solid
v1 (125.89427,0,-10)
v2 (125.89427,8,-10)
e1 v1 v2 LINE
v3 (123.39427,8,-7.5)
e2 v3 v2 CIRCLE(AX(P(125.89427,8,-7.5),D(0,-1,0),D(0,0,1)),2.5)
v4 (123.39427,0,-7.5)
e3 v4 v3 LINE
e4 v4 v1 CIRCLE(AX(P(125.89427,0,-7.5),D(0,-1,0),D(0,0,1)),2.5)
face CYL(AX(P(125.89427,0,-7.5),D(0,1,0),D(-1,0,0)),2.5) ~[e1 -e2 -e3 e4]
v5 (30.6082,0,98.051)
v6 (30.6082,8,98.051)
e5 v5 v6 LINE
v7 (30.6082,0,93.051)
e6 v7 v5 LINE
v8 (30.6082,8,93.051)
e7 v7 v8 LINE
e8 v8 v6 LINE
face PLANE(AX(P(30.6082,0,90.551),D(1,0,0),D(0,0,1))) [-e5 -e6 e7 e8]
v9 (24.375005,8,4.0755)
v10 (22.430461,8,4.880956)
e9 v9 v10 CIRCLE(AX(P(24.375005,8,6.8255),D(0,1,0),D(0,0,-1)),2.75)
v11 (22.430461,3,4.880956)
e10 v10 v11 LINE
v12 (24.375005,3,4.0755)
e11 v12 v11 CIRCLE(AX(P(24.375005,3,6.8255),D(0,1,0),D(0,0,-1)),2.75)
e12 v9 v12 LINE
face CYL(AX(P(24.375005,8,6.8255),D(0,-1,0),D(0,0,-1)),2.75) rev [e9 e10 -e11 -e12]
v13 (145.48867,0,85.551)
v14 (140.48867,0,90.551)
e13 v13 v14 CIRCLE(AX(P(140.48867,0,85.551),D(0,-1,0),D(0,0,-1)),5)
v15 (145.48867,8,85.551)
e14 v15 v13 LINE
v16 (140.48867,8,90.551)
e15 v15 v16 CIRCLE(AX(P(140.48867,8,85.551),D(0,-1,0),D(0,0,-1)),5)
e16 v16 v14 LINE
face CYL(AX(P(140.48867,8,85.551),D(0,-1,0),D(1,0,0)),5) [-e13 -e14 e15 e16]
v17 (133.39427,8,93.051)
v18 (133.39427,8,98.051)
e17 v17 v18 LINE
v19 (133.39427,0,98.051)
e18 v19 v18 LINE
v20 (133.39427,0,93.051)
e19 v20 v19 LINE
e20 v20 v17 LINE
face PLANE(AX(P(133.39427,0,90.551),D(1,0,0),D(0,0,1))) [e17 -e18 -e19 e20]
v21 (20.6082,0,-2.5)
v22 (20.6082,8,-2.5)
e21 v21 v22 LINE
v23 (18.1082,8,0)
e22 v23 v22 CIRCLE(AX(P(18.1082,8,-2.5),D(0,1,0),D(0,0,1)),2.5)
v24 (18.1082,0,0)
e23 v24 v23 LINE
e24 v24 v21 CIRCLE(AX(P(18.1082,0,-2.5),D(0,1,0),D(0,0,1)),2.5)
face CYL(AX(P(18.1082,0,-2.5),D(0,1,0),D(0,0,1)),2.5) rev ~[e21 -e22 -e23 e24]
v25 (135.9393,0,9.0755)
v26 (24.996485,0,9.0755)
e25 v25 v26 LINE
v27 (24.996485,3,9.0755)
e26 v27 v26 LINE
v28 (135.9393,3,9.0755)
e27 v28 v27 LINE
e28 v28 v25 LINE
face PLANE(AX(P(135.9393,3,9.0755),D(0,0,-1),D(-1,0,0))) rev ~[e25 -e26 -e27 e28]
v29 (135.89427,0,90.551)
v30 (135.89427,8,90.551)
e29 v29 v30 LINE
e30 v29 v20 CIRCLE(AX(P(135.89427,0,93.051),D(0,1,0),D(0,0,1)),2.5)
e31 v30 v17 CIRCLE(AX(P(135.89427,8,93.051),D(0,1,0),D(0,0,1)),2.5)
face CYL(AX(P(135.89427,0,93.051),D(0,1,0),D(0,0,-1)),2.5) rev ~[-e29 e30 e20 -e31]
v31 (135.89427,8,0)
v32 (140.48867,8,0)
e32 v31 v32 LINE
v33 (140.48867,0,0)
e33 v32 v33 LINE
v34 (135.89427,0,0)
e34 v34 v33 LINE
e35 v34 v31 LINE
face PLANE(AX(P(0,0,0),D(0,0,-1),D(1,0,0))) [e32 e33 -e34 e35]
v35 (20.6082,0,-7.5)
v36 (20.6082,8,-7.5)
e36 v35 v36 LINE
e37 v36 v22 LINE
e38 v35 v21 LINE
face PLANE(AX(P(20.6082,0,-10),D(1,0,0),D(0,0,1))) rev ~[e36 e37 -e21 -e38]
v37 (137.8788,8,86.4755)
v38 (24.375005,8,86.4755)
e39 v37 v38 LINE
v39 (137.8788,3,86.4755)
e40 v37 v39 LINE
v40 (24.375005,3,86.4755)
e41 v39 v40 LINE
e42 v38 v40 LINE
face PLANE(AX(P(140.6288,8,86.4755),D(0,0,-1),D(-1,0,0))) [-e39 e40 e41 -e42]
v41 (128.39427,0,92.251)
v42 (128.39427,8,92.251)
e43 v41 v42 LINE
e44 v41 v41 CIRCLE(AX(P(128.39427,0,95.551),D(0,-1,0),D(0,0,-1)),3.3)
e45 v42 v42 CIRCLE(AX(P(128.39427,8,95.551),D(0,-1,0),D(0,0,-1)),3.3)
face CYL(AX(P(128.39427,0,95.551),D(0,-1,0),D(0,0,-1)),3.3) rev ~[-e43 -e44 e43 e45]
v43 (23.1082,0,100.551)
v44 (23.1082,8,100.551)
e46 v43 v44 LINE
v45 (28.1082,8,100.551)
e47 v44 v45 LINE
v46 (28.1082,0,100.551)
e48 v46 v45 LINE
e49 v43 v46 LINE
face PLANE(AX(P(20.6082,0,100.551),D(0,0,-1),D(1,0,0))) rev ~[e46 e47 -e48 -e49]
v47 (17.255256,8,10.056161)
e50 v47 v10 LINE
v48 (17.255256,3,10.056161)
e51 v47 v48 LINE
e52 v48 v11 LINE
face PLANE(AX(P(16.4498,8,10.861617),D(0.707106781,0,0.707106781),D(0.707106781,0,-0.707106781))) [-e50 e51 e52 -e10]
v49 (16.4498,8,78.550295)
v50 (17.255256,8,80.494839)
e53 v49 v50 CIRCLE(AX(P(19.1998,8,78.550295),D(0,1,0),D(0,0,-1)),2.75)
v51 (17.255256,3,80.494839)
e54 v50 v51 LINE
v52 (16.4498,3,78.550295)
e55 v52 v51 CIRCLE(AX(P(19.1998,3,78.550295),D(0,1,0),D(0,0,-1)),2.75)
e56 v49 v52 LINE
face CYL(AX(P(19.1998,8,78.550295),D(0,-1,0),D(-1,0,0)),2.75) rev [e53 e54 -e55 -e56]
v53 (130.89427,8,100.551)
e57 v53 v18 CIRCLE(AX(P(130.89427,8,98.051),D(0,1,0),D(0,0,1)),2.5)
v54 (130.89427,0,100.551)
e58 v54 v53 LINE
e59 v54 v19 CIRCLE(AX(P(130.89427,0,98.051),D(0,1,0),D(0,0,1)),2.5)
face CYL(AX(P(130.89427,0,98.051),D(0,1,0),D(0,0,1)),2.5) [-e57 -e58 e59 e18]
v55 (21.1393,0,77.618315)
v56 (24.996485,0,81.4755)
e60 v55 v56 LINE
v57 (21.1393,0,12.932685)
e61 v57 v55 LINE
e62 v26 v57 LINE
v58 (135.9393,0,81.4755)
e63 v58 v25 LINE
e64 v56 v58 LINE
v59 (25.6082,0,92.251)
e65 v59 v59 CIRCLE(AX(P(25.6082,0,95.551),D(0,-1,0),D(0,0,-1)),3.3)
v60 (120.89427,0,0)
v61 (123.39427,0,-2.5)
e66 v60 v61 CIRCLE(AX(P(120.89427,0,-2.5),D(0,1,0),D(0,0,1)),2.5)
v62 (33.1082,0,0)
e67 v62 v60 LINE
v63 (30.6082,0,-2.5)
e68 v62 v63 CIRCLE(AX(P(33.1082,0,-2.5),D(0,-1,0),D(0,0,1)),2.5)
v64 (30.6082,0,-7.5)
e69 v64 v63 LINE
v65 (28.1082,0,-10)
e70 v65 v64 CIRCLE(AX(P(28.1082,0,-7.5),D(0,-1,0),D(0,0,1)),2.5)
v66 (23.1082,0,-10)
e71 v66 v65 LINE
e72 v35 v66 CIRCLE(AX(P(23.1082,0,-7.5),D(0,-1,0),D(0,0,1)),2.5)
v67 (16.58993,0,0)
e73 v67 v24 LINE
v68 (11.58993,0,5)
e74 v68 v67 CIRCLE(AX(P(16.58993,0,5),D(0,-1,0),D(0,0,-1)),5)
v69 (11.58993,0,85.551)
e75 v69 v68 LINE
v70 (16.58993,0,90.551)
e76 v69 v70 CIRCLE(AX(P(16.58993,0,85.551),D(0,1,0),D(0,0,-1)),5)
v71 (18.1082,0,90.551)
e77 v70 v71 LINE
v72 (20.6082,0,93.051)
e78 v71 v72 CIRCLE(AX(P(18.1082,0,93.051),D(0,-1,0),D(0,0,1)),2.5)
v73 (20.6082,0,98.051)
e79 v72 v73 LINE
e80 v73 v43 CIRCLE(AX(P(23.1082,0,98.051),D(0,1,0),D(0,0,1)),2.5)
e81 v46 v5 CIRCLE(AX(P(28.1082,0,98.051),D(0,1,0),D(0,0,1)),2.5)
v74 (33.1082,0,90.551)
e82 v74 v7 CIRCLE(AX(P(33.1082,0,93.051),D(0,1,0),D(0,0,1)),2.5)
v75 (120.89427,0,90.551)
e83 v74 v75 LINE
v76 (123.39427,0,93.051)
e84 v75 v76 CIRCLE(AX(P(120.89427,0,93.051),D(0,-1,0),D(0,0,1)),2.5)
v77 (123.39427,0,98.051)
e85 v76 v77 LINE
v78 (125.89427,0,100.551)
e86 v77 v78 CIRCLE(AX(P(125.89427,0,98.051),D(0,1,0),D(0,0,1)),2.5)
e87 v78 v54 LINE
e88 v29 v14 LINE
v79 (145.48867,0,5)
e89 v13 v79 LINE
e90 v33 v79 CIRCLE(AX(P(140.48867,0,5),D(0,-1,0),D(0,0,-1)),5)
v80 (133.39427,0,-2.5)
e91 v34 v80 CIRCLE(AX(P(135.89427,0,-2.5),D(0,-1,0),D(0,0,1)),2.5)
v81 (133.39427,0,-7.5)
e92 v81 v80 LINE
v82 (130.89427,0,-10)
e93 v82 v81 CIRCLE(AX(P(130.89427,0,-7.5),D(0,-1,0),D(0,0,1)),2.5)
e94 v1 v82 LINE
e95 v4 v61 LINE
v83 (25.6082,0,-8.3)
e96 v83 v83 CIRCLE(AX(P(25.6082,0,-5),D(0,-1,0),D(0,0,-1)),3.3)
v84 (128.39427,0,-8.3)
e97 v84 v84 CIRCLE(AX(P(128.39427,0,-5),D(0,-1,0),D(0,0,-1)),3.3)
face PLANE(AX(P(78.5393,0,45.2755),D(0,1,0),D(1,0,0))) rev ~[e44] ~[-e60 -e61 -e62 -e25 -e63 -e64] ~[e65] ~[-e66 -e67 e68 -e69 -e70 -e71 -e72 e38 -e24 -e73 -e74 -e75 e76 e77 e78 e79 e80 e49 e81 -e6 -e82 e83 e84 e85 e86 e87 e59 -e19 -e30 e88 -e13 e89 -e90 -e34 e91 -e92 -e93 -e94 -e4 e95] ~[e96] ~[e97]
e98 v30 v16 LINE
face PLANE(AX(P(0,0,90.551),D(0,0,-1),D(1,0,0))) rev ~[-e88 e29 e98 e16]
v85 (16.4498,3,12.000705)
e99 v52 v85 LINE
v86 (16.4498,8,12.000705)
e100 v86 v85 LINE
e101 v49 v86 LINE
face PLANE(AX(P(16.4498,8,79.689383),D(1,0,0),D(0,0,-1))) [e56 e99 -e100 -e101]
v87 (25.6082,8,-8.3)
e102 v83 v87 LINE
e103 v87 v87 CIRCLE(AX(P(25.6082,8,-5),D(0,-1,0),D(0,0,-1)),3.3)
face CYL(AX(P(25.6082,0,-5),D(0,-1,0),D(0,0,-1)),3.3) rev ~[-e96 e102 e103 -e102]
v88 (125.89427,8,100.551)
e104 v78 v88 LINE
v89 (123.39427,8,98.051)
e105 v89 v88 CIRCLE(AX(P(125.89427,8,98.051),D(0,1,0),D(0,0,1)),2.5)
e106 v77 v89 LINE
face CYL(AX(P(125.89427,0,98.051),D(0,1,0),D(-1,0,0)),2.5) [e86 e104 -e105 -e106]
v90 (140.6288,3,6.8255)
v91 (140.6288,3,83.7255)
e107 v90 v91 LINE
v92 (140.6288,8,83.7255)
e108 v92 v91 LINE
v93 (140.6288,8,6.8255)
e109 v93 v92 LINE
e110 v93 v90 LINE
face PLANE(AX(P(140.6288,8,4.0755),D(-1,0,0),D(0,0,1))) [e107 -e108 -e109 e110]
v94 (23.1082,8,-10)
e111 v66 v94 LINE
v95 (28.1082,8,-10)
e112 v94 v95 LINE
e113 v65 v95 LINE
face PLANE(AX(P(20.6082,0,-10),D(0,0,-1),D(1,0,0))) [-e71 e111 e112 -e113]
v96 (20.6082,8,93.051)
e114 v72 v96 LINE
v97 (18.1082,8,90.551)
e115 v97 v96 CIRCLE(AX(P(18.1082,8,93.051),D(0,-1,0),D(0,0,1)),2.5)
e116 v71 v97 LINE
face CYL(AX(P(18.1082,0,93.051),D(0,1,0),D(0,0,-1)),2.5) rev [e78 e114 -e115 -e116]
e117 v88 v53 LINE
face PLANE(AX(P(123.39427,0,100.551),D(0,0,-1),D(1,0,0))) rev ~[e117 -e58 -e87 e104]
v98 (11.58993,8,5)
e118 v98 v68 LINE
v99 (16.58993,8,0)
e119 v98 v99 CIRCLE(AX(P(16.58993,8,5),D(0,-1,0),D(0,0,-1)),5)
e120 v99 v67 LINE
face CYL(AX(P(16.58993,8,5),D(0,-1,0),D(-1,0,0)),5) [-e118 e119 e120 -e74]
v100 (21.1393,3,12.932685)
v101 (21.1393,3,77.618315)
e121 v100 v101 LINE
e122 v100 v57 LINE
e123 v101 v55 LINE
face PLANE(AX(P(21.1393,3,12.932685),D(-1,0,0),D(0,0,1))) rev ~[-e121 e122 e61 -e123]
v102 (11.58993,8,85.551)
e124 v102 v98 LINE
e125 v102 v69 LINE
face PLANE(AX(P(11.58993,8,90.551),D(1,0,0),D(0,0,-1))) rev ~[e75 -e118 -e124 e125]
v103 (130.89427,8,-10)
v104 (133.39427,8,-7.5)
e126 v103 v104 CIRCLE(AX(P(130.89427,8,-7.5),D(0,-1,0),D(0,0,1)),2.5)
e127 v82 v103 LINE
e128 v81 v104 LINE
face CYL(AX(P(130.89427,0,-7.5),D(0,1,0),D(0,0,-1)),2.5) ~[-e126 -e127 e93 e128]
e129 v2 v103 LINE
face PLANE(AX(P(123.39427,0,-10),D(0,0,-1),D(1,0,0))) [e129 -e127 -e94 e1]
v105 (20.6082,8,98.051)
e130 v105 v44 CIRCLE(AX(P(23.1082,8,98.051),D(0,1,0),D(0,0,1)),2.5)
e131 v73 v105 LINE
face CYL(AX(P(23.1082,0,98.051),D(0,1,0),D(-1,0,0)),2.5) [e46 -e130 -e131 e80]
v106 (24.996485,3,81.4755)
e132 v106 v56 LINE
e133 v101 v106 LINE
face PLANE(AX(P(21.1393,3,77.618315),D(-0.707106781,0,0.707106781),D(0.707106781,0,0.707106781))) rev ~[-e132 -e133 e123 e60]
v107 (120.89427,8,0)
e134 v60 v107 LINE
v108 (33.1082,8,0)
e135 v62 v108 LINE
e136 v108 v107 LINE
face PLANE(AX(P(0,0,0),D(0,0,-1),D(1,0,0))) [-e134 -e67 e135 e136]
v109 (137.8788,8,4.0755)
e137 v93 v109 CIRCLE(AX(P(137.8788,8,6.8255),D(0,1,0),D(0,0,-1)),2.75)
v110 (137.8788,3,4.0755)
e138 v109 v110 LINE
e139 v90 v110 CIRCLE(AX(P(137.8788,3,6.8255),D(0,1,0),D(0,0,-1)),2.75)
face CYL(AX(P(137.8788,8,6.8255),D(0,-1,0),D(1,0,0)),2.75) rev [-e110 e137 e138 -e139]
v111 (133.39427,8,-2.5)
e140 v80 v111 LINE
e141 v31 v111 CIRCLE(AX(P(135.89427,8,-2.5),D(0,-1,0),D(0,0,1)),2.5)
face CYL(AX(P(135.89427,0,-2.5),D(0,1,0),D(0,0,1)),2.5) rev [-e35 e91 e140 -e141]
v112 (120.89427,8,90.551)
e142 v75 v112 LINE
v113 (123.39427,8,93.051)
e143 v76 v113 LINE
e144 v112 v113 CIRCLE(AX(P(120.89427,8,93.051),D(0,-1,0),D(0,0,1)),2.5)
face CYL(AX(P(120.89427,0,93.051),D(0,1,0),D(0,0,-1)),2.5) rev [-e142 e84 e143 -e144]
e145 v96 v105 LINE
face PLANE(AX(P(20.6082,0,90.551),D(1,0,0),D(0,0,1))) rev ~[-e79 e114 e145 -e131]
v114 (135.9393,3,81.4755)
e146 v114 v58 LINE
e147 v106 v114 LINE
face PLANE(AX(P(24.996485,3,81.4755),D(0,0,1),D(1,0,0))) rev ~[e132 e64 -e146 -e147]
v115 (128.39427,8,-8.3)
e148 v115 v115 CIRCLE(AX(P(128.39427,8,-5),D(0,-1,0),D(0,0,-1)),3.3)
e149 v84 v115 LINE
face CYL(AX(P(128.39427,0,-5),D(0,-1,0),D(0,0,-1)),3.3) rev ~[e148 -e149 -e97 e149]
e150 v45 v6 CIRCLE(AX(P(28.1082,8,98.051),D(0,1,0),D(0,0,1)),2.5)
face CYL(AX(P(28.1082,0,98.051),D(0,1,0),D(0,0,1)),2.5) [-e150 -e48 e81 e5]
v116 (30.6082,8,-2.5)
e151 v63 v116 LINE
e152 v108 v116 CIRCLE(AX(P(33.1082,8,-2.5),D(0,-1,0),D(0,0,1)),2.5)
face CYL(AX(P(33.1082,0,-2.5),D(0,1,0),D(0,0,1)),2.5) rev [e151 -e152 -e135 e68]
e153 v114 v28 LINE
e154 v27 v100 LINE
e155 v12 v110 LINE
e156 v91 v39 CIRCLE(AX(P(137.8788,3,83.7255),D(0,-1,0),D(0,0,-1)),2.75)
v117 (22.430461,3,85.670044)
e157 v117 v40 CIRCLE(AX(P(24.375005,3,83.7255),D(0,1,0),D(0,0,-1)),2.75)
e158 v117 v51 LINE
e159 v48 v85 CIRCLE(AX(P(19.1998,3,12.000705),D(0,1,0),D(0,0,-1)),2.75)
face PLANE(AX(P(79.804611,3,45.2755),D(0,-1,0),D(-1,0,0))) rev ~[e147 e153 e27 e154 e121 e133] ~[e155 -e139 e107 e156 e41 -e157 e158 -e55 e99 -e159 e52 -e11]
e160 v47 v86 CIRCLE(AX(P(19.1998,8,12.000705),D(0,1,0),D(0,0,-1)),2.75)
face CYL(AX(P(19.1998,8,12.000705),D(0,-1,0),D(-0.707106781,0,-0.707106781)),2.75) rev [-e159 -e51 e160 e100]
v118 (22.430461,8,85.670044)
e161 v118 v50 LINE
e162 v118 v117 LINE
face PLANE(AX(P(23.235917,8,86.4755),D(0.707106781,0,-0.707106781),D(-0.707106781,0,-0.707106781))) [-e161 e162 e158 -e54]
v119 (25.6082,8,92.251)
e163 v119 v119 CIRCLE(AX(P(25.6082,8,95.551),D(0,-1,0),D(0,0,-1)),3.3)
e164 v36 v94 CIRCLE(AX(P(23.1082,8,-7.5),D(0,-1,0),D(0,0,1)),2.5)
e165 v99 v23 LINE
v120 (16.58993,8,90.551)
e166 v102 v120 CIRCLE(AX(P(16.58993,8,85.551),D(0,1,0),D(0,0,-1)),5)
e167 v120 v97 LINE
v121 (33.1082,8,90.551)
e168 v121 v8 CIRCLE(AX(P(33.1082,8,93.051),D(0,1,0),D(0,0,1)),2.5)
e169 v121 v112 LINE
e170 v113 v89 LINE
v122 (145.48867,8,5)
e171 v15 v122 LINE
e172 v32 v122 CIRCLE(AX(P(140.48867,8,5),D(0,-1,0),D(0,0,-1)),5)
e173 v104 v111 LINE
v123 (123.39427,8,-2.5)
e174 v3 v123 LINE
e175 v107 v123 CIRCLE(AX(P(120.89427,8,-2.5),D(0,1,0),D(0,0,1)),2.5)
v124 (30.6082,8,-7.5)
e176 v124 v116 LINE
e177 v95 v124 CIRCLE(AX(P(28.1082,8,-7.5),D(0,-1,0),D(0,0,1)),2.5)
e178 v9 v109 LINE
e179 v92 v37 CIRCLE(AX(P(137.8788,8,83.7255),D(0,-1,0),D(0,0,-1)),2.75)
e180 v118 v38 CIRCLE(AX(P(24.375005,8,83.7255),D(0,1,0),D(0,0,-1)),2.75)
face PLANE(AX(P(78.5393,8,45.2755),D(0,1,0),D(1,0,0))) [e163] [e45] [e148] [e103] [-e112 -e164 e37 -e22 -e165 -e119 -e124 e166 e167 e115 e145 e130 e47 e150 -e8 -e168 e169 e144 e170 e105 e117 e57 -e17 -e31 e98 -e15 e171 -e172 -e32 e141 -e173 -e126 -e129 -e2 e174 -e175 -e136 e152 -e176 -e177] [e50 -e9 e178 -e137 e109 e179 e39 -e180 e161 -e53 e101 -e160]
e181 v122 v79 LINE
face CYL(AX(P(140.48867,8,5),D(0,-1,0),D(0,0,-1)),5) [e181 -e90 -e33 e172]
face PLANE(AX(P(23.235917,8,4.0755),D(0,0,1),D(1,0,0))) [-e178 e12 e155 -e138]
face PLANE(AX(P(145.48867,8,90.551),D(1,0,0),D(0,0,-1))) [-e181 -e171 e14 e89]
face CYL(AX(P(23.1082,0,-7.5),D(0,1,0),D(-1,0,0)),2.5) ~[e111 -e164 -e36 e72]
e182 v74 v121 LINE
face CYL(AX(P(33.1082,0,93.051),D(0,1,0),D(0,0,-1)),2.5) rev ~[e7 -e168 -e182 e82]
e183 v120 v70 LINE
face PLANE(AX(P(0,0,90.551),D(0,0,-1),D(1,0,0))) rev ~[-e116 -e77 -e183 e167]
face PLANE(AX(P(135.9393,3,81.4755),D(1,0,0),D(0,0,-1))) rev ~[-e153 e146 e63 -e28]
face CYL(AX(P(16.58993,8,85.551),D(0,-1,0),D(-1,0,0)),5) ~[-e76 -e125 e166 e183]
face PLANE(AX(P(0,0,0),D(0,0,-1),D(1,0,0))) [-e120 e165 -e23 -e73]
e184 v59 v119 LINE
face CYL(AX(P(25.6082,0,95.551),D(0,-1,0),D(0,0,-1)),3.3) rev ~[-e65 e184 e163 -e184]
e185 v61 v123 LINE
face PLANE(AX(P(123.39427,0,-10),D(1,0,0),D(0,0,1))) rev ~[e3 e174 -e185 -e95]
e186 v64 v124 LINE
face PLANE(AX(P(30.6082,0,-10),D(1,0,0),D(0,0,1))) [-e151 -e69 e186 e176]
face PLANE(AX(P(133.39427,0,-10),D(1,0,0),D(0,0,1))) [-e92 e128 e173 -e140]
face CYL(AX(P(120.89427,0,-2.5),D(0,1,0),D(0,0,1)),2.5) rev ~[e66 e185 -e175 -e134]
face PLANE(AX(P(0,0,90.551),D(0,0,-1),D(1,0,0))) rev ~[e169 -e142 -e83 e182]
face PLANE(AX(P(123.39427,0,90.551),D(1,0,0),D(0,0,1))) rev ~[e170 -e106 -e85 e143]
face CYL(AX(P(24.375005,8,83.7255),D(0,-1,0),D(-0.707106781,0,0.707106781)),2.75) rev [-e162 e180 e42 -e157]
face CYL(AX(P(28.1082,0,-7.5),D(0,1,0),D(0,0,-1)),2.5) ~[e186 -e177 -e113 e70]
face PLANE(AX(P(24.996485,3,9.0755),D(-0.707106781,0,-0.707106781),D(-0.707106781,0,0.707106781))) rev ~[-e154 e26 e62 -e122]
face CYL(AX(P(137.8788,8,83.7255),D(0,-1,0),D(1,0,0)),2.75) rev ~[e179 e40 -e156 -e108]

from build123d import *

# Parameters (mm, degrees)
SKETCH1_W            = 157.0786
SKETCH1_H            = 90.551
BOSS_EXTRUDE1_DEPTH  = 8
CUT_EXTRUDE21_DEPTH  = 5
FILLET8_R            = 2.75
SKETCH29_W           = 11.58993
SKETCH29_H           = 90.551
CUT_EXTRUDE25_DEPTH  = 182.486005463
FILLET9_R            = 5
SKETCH36_W           = 10
SKETCH36_H           = 10
SKETCH36_R           = 3.3
BOSS_EXTRUDE10_DEPTH = 8
FILLET10_R           = 2.5
CUT_EXTRUDE26_DEPTH  = 3


with BuildPart() as part:
    # Sketch1 → Boss-Extrude1 (new body)
    with BuildSketch(Plane(origin=(0, 0, 0), x_dir=(1, 0, 0), z_dir=(0, 1, 0))):
        with Locations((78.5393, -45.2755)):
            Rectangle(SKETCH1_W, SKETCH1_H)
    extrude(amount=BOSS_EXTRUDE1_DEPTH)

    # Sketch23 → Cut-Extrude21 (cut)
    with BuildSketch(Plane(origin=(0, 8, 0), x_dir=(1, 0, 0), z_dir=(0, 1, 0))):
        Polygon((140.6288, -86.4755), (23.2359173, -86.4755), (16.4498, -79.6893827), (16.4498, -10.8616173), (23.2359173, -4.0755), (140.6288, -4.0755), align=None)
    extrude(amount=-CUT_EXTRUDE21_DEPTH, mode=Mode.SUBTRACT)

    # Fillet8
    fillet8_edges = [part.edges().sort_by_distance(p)[0] for p in [
        (140.6288, 5.5, 4.0755),
        (140.6288, 5.5, 86.4755),
        (23.2359173, 5.5, 86.4755),
        (16.4498, 5.5, 79.6893827),
        (16.4498, 5.5, 10.8616173),
        (23.2359173, 5.5, 4.0755),
    ]]
    fillet(fillet8_edges, radius=FILLET8_R)

    # Sketch29 → Cut-Extrude25 (cut, through all)
    with BuildSketch(Plane(origin=(0, 8, 0), x_dir=(1, 0, 0), z_dir=(0, 1, 0))):
        with Locations((151.283635, -45.2755)):
            Rectangle(SKETCH29_W, SKETCH29_H)
        with Locations((5.794965, -45.2755)):
            Rectangle(SKETCH29_W, SKETCH29_H)
    extrude(amount=-CUT_EXTRUDE25_DEPTH, mode=Mode.SUBTRACT)

    # Fillet9
    fillet9_edges = [part.edges().sort_by_distance(p)[0] for p in [
        (145.48867, 4, 90.551),
        (145.48867, 4, 0),
        (11.58993, 4, 0),
        (11.58993, 4, 90.551),
    ]]
    fillet(fillet9_edges, radius=FILLET9_R)

    # Sketch36 → Boss-Extrude10 (add)
    # profile 1 of 4: a face of its own
    with BuildSketch(Plane.XZ):
        with Locations((25.6082, 95.551)):
            Rectangle(SKETCH36_W, SKETCH36_H)
        with Locations(Location((25.6082, 95.551, 0), (0, 0, 270))):
            Circle(SKETCH36_R, mode=Mode.SUBTRACT)
    # profile 2 of 4: a face of its own
    with BuildSketch(Plane.XZ):
        with Locations((128.3942697, 95.551)):
            Rectangle(SKETCH36_W, SKETCH36_H)
        with Locations(Location((128.3942697, 95.551, 0), (0, 0, 270))):
            Circle(SKETCH36_R, mode=Mode.SUBTRACT)
    # profile 3 of 4: a face of its own
    with BuildSketch(Plane.XZ):
        with Locations((25.6082, -5)):
            Rectangle(SKETCH36_W, SKETCH36_H)
        with Locations(Location((25.6082, -5, 0), (0, 0, 270))):
            Circle(SKETCH36_R, mode=Mode.SUBTRACT)
    # profile 4 of 4: a face of its own
    with BuildSketch(Plane.XZ):
        with Locations((128.3942697, -5)):
            Rectangle(SKETCH36_W, SKETCH36_H)
        with Locations(Location((128.3942697, -5, 0), (0, 0, 270))):
            Circle(SKETCH36_R, mode=Mode.SUBTRACT)
    extrude(amount=-BOSS_EXTRUDE10_DEPTH)

    # Fillet10
    fillet10_edges = [part.edges().sort_by_distance(p)[0] for p in [
        (20.6082, 4, 90.551),
        (20.6082, 4, 100.551),
        (30.6082, 4, 100.551),
        (30.6082, 4, 90.551),
        (123.3942697, 4, 90.551),
        (123.3942697, 4, 100.551),
        (133.3942697, 4, 100.551),
        (133.3942697, 4, 90.551),
        (30.6082, 4, 0),
        (30.6082, 4, -10),
        (20.6082, 4, -10),
        (20.6082, 4, 0),
        (123.3942697, 4, -10),
        (123.3942697, 4, 0),
        (133.3942697, 4, 0),
        (133.3942697, 4, -10),
    ]]
    fillet(fillet10_edges, radius=FILLET10_R)

    # Sketch37 → Cut-Extrude26 (cut)
    with BuildSketch(Plane(origin=(0, 3, 0), x_dir=(1, 0, 0), z_dir=(0, 1, 0))):
        Polygon((21.1393, -77.618314888), (24.996485112, -81.4755), (135.9393, -81.4755), (135.9393, -9.0755), (24.996485112, -9.0755), (21.1393, -12.932685112), align=None)
    extrude(amount=-CUT_EXTRUDE26_DEPTH, mode=Mode.SUBTRACT)


solid = part.part
